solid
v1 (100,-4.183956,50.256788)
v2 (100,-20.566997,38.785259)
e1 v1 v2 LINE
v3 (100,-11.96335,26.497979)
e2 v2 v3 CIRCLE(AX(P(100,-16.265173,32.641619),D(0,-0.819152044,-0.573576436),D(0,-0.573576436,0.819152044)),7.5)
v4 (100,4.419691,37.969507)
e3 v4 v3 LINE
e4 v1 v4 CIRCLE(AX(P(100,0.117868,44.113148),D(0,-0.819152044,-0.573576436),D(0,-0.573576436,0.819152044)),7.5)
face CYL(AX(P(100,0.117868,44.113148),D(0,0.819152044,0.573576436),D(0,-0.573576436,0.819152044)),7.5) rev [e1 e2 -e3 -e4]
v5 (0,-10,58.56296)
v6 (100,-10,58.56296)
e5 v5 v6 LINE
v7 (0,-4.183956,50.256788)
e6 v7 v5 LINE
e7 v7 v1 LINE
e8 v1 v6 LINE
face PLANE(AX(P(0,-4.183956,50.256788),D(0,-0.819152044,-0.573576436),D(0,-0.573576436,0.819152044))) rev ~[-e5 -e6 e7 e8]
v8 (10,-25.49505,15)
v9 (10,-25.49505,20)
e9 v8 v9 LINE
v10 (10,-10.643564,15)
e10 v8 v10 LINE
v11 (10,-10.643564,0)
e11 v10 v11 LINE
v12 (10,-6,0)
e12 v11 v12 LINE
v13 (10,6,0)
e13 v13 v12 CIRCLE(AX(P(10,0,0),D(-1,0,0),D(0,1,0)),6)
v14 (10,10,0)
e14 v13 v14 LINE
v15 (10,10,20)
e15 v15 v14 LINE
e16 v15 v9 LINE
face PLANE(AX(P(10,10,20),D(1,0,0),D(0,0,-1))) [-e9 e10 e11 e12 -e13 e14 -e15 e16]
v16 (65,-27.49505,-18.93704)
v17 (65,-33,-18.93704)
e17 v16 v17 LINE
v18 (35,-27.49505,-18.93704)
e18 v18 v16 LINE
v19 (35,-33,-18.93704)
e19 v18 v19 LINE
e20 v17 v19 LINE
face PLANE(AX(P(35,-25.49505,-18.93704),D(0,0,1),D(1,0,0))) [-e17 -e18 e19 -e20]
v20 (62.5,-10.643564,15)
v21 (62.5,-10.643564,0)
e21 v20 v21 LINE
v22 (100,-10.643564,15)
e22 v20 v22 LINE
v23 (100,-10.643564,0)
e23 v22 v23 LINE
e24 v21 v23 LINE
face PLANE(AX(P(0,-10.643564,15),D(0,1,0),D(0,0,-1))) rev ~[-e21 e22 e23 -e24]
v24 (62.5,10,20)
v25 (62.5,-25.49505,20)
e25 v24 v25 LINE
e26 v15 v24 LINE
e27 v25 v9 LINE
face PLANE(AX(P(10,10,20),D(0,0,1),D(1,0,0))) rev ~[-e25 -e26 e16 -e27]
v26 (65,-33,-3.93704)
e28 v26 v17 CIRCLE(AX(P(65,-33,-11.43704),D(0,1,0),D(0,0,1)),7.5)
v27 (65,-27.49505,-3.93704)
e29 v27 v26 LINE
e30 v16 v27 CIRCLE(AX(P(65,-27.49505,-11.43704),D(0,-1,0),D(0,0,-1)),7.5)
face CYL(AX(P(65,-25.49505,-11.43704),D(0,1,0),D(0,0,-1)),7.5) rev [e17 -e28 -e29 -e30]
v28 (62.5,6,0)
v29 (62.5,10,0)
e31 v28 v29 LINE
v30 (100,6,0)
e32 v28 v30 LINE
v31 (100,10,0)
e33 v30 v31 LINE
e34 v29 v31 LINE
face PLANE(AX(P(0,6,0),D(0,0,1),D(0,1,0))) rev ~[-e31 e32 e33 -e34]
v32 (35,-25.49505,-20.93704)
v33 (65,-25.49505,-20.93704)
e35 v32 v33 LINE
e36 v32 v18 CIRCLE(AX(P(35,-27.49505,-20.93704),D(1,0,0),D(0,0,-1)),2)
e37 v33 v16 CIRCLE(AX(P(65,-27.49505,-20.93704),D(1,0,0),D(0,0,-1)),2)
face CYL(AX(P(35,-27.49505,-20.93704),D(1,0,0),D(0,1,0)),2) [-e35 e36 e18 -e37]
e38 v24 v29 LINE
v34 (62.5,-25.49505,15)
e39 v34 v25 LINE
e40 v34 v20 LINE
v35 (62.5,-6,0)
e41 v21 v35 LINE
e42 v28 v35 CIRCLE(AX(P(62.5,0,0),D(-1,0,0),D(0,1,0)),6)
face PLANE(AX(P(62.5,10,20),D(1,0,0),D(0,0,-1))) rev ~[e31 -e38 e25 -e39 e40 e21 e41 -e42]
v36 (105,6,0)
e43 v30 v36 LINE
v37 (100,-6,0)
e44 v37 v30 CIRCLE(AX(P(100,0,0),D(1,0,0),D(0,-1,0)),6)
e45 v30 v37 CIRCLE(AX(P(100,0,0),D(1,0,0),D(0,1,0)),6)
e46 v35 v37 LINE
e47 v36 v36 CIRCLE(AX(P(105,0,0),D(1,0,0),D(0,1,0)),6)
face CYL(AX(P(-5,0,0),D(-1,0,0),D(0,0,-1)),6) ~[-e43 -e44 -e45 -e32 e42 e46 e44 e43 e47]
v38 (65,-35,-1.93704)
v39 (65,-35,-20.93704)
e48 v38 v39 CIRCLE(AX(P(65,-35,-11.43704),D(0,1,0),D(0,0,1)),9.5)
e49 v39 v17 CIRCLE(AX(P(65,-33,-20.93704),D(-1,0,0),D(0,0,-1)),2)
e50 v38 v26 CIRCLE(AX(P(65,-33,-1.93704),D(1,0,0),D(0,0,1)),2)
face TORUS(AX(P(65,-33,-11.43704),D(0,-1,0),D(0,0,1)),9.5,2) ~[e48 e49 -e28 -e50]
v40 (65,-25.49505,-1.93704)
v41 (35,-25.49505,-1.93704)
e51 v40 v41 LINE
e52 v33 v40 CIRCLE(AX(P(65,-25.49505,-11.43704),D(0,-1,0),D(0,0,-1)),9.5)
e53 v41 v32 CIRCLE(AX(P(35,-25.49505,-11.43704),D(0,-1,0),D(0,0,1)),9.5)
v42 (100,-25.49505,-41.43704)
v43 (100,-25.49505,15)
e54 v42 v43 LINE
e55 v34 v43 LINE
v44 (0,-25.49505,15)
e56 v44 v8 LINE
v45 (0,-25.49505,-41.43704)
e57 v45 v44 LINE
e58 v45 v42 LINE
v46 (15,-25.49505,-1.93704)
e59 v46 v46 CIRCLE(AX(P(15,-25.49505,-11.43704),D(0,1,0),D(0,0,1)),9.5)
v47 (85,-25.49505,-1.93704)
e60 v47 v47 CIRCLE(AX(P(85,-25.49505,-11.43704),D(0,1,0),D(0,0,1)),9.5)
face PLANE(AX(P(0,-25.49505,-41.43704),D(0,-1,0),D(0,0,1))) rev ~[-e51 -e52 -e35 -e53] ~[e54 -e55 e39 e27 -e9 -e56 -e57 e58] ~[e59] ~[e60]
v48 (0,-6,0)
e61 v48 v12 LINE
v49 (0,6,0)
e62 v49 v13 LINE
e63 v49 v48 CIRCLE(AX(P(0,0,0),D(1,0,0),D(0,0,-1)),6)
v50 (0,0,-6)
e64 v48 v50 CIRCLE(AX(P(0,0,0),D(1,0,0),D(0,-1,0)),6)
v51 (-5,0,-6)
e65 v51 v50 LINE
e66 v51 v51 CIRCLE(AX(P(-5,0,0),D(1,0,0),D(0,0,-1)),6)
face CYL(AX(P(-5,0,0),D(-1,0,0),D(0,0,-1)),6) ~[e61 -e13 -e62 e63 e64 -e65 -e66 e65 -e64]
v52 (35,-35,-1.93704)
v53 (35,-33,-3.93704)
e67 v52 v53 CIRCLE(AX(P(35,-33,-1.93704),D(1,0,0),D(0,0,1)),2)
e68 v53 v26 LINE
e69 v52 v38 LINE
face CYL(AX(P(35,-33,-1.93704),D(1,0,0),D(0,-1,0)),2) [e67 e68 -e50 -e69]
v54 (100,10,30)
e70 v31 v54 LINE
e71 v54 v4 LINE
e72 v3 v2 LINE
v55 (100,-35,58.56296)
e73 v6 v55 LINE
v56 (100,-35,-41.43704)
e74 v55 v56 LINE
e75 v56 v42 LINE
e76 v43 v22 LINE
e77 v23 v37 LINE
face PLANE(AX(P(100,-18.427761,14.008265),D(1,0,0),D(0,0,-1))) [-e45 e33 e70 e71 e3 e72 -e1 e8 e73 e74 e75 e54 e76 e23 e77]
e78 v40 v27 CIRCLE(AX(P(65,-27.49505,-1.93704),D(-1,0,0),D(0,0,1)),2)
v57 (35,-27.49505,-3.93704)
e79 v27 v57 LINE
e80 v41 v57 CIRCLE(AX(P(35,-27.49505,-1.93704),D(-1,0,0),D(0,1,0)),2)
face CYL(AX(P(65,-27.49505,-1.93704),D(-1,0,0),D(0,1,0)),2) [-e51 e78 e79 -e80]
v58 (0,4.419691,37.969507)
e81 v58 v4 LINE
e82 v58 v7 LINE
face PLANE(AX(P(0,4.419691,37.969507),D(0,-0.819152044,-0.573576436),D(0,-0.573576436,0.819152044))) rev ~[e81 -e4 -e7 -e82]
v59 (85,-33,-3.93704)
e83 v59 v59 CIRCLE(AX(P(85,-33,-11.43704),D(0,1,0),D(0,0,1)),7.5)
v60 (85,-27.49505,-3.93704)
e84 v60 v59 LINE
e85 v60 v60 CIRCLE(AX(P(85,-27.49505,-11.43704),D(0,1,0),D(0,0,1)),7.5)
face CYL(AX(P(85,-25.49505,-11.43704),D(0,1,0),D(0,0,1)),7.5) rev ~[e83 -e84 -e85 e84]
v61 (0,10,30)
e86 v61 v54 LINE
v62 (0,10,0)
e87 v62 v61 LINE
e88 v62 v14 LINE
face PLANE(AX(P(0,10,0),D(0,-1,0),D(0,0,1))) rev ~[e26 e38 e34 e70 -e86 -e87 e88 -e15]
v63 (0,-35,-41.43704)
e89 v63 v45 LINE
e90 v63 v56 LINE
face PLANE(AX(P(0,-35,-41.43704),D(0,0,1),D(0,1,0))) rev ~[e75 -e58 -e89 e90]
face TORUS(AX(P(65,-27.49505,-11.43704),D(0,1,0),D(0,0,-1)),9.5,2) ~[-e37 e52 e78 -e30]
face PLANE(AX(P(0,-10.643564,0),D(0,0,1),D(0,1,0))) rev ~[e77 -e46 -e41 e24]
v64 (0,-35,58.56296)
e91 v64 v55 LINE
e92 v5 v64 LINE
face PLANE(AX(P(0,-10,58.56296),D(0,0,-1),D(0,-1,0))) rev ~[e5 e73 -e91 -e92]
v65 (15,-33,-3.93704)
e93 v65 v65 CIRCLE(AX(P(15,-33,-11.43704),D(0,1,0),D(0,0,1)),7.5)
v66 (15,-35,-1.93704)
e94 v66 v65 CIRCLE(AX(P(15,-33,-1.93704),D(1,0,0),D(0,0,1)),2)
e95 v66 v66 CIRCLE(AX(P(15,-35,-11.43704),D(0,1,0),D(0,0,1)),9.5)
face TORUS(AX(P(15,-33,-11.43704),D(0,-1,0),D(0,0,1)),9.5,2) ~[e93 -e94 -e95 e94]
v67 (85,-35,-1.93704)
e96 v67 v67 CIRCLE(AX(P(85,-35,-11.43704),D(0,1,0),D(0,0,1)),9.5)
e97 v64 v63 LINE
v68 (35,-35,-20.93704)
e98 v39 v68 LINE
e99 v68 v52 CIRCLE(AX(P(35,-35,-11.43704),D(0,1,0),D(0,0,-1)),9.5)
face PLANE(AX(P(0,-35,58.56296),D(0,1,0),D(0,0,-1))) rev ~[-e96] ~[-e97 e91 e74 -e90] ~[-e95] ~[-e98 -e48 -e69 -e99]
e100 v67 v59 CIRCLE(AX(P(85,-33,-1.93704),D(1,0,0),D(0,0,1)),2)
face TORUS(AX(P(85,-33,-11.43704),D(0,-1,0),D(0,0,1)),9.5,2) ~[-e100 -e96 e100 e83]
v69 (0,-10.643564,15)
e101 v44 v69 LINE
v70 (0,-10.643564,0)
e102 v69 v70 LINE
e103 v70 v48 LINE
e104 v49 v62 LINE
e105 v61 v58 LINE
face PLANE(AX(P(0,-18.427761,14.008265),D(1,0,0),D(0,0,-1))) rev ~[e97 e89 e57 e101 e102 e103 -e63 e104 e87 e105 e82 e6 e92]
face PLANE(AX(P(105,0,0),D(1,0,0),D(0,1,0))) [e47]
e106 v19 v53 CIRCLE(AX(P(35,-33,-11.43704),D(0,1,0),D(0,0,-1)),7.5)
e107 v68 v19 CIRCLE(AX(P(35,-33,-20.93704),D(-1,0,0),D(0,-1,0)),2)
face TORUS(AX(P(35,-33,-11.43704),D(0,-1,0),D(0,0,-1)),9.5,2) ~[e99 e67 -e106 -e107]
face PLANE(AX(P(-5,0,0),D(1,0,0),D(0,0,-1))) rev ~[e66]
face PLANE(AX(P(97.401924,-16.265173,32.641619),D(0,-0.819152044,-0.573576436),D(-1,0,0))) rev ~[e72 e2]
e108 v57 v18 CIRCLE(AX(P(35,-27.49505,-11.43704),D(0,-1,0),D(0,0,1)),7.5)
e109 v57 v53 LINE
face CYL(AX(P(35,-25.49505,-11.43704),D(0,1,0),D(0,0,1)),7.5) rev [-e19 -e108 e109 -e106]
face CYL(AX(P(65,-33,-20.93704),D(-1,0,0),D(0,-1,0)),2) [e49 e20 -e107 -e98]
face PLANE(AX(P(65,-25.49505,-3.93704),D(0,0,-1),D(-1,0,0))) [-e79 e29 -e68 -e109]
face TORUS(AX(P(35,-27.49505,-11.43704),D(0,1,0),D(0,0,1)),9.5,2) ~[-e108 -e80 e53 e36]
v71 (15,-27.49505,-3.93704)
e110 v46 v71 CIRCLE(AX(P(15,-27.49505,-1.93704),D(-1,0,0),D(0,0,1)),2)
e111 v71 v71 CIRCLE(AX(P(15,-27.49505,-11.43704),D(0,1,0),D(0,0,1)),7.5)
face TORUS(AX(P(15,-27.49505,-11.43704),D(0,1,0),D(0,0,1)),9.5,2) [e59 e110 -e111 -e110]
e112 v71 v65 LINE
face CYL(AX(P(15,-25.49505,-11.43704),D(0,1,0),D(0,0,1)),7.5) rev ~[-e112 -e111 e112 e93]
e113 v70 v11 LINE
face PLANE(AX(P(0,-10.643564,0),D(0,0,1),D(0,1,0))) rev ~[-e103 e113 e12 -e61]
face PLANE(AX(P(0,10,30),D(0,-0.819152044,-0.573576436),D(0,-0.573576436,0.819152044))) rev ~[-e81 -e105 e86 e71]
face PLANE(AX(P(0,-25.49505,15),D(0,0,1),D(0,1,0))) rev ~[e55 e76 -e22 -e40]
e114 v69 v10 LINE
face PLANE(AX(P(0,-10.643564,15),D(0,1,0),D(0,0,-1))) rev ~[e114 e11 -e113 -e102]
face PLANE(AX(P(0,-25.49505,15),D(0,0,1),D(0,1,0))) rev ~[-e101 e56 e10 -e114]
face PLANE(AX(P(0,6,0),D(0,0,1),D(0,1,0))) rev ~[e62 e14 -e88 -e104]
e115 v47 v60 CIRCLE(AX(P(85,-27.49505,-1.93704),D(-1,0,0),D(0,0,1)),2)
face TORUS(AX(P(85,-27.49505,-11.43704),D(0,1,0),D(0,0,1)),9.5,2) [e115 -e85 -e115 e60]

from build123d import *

# Parameters (mm, degrees)
SKETCH3_R           = 6
BOSS_EXTRUDE1_DEPTH = 100
BOSS_EXTRUDE2_START = 100
SKETCH3_3_R         = 6
BOSS_EXTRUDE2_DEPTH = 5
BOSS_EXTRUDE3_START = -5
SKETCH3_4_R         = 6
BOSS_EXTRUDE3_DEPTH = 5
CUT_EXTRUDE2_REACH  = 130.373
SKETCH4_W           = 52.5
SKETCH4_H           = 26
CUT_EXTRUDE3_DEPTH  = 20
SKETCH6_R           = 7.5
CUT_EXTRUDE4_DEPTH  = 126.357563949
FILLET1_R           = 2


with BuildPart() as part:
    # Sketch3 → Boss-Extrude1 (new body)
    with BuildSketch(Plane(origin=(0, 0, 0), x_dir=(0, 0, -1), z_dir=(1, 0, 0))):
        with BuildLine():
            Line((-58.562960135, -10), (-58.562960135, -35))
            Line((-58.562960135, -35), (41.437039865, -35))
            Line((41.437039865, -35), (41.437039865, -25.495049505))
            Line((41.437039865, -25.495049505), (-15, -25.495049505))
            Line((-15, -25.495049505), (-15, -10.643564356))
            Line((-15, -10.643564356), (0, -10.643564356))
            Line((0, -10.643564356), (0, -6))
            ThreePointArc((0, -6), (-6, 0), (0, 6))
            Line((0, 6), (0, 10))
            Line((0, 10), (-30, 10))
            Line((-30, 10), (-37.969507388, 4.419690851))
            Line((-37.969507388, 4.419690851), (-26.497978661, -11.963350035))
            Line((-26.497978661, -11.963350035), (-38.785259325, -20.56699658))
            Line((-38.785259325, -20.56699658), (-50.256788052, -4.183955694))
            Line((-50.256788052, -4.183955694), (-58.562960135, -10))
        make_face()
        Polygon((-37.969507388, 4.419690851), (-50.256788052, -4.183955694), (-38.785259325, -20.56699658), (-26.497978661, -11.963350035), align=None)
        Circle(SKETCH3_R)
    extrude(amount=BOSS_EXTRUDE1_DEPTH)

    # Sketch3<3> → Boss-Extrude2 (add)
    with BuildSketch(Plane(origin=(0, 0, 0), x_dir=(0, 0, -1), z_dir=(1, 0, 0)).offset(BOSS_EXTRUDE2_START)):
        with Locations(Location((0, 0, 0), (0, 0, 90))):
            Circle(SKETCH3_3_R)
    extrude(amount=BOSS_EXTRUDE2_DEPTH)

    # Sketch3<4> → Boss-Extrude3 (add)
    with BuildSketch(Plane(origin=(0, 0, 0), x_dir=(0, 0, -1), z_dir=(1, 0, 0)).offset(BOSS_EXTRUDE3_START)):
        Circle(SKETCH3_4_R)
    extrude(amount=BOSS_EXTRUDE3_DEPTH)

    # Cut-Extrude2: up to this face of the body (flat: up to its plane)
    cut_extrude2_end = Plane(part.part.faces().sort_by_distance((50, -25.495049505, -13.218519933))[0])
    # Sketch4 → Cut-Extrude2 (cut, up to the picked face)
    with BuildSketch(Plane(origin=(0, 10, 0), x_dir=(1, 0, 0), z_dir=(0, 1, 0)), mode=Mode.PRIVATE) as cut_extrude2_sk1:
        with Locations((36.25, -7)):
            Rectangle(SKETCH4_W, SKETCH4_H)
    cut_extrude2_tool1 = split(extrude(cut_extrude2_sk1.sketch, amount=-CUT_EXTRUDE2_REACH, mode=Mode.PRIVATE), bisect_by=cut_extrude2_end, keep=Keep.BOTH, mode=Mode.PRIVATE)
    add(cut_extrude2_tool1.solids().sort_by(Axis((36.25, 10, 7), (0, -1, 0)))[0], mode=Mode.SUBTRACT)

    # Sketch5 → Cut-Extrude3 (cut)
    with BuildSketch(Plane(origin=(0, 20.805490028, 14.568160954), x_dir=(1, 0, 0), z_dir=(0, 0.8191520442889929, 0.5735764363510445))):
        with BuildLine():
            Line((100, -28.56776907), (100, -43.56776907))
            ThreePointArc((100, -43.56776907), (92.5, -36.06776907), (100, -28.56776907))
        make_face()
    extrude(amount=-CUT_EXTRUDE3_DEPTH, mode=Mode.SUBTRACT)

    # Sketch6 → Cut-Extrude4 (cut, through all)
    with BuildSketch(Plane(origin=(0, -25.495049505, 0), x_dir=(1, 0, 0), z_dir=(0, 1, 0))):
        with Locations(Location((15, 11.437039865, 0), (0, 0, 270))):
            Circle(SKETCH6_R)
        with Locations(Location((85, 11.437039865, 0), (0, 0, 270))):
            Circle(SKETCH6_R)
        with BuildLine():
            Line((65, 3.937039865), (35, 3.937039865))
            ThreePointArc((35, 3.937039865), (27.5, 11.437039865), (35, 18.937039865))
            Line((35, 18.937039865), (65, 18.937039865))
            ThreePointArc((65, 18.937039865), (72.5, 11.437039865), (65, 3.937039865))
        make_face()
    extrude(amount=-CUT_EXTRUDE4_DEPTH, mode=Mode.SUBTRACT)

    # Fillet1
    fillet1_edges = [part.edges().sort_by_distance(p)[0] for p in [
        (72.5, -35, -11.437039865),
        (50, -35, -3.937039865),
        (27.5, -35, -11.437039865),
        (50, -35, -18.937039865),
        (72.5, -25.495049505, -11.437039865),
        (50, -25.495049505, -18.937039865),
        (27.5, -25.495049505, -11.437039865),
        (50, -25.495049505, -3.937039865),
        (15, -35, -18.937039865),
        (15, -25.495049505, -18.937039865),
        (85, -35, -18.937039865),
        (85, -25.495049505, -18.937039865),
    ]]
    fillet(fillet1_edges, radius=FILLET1_R)


solid = part.part
